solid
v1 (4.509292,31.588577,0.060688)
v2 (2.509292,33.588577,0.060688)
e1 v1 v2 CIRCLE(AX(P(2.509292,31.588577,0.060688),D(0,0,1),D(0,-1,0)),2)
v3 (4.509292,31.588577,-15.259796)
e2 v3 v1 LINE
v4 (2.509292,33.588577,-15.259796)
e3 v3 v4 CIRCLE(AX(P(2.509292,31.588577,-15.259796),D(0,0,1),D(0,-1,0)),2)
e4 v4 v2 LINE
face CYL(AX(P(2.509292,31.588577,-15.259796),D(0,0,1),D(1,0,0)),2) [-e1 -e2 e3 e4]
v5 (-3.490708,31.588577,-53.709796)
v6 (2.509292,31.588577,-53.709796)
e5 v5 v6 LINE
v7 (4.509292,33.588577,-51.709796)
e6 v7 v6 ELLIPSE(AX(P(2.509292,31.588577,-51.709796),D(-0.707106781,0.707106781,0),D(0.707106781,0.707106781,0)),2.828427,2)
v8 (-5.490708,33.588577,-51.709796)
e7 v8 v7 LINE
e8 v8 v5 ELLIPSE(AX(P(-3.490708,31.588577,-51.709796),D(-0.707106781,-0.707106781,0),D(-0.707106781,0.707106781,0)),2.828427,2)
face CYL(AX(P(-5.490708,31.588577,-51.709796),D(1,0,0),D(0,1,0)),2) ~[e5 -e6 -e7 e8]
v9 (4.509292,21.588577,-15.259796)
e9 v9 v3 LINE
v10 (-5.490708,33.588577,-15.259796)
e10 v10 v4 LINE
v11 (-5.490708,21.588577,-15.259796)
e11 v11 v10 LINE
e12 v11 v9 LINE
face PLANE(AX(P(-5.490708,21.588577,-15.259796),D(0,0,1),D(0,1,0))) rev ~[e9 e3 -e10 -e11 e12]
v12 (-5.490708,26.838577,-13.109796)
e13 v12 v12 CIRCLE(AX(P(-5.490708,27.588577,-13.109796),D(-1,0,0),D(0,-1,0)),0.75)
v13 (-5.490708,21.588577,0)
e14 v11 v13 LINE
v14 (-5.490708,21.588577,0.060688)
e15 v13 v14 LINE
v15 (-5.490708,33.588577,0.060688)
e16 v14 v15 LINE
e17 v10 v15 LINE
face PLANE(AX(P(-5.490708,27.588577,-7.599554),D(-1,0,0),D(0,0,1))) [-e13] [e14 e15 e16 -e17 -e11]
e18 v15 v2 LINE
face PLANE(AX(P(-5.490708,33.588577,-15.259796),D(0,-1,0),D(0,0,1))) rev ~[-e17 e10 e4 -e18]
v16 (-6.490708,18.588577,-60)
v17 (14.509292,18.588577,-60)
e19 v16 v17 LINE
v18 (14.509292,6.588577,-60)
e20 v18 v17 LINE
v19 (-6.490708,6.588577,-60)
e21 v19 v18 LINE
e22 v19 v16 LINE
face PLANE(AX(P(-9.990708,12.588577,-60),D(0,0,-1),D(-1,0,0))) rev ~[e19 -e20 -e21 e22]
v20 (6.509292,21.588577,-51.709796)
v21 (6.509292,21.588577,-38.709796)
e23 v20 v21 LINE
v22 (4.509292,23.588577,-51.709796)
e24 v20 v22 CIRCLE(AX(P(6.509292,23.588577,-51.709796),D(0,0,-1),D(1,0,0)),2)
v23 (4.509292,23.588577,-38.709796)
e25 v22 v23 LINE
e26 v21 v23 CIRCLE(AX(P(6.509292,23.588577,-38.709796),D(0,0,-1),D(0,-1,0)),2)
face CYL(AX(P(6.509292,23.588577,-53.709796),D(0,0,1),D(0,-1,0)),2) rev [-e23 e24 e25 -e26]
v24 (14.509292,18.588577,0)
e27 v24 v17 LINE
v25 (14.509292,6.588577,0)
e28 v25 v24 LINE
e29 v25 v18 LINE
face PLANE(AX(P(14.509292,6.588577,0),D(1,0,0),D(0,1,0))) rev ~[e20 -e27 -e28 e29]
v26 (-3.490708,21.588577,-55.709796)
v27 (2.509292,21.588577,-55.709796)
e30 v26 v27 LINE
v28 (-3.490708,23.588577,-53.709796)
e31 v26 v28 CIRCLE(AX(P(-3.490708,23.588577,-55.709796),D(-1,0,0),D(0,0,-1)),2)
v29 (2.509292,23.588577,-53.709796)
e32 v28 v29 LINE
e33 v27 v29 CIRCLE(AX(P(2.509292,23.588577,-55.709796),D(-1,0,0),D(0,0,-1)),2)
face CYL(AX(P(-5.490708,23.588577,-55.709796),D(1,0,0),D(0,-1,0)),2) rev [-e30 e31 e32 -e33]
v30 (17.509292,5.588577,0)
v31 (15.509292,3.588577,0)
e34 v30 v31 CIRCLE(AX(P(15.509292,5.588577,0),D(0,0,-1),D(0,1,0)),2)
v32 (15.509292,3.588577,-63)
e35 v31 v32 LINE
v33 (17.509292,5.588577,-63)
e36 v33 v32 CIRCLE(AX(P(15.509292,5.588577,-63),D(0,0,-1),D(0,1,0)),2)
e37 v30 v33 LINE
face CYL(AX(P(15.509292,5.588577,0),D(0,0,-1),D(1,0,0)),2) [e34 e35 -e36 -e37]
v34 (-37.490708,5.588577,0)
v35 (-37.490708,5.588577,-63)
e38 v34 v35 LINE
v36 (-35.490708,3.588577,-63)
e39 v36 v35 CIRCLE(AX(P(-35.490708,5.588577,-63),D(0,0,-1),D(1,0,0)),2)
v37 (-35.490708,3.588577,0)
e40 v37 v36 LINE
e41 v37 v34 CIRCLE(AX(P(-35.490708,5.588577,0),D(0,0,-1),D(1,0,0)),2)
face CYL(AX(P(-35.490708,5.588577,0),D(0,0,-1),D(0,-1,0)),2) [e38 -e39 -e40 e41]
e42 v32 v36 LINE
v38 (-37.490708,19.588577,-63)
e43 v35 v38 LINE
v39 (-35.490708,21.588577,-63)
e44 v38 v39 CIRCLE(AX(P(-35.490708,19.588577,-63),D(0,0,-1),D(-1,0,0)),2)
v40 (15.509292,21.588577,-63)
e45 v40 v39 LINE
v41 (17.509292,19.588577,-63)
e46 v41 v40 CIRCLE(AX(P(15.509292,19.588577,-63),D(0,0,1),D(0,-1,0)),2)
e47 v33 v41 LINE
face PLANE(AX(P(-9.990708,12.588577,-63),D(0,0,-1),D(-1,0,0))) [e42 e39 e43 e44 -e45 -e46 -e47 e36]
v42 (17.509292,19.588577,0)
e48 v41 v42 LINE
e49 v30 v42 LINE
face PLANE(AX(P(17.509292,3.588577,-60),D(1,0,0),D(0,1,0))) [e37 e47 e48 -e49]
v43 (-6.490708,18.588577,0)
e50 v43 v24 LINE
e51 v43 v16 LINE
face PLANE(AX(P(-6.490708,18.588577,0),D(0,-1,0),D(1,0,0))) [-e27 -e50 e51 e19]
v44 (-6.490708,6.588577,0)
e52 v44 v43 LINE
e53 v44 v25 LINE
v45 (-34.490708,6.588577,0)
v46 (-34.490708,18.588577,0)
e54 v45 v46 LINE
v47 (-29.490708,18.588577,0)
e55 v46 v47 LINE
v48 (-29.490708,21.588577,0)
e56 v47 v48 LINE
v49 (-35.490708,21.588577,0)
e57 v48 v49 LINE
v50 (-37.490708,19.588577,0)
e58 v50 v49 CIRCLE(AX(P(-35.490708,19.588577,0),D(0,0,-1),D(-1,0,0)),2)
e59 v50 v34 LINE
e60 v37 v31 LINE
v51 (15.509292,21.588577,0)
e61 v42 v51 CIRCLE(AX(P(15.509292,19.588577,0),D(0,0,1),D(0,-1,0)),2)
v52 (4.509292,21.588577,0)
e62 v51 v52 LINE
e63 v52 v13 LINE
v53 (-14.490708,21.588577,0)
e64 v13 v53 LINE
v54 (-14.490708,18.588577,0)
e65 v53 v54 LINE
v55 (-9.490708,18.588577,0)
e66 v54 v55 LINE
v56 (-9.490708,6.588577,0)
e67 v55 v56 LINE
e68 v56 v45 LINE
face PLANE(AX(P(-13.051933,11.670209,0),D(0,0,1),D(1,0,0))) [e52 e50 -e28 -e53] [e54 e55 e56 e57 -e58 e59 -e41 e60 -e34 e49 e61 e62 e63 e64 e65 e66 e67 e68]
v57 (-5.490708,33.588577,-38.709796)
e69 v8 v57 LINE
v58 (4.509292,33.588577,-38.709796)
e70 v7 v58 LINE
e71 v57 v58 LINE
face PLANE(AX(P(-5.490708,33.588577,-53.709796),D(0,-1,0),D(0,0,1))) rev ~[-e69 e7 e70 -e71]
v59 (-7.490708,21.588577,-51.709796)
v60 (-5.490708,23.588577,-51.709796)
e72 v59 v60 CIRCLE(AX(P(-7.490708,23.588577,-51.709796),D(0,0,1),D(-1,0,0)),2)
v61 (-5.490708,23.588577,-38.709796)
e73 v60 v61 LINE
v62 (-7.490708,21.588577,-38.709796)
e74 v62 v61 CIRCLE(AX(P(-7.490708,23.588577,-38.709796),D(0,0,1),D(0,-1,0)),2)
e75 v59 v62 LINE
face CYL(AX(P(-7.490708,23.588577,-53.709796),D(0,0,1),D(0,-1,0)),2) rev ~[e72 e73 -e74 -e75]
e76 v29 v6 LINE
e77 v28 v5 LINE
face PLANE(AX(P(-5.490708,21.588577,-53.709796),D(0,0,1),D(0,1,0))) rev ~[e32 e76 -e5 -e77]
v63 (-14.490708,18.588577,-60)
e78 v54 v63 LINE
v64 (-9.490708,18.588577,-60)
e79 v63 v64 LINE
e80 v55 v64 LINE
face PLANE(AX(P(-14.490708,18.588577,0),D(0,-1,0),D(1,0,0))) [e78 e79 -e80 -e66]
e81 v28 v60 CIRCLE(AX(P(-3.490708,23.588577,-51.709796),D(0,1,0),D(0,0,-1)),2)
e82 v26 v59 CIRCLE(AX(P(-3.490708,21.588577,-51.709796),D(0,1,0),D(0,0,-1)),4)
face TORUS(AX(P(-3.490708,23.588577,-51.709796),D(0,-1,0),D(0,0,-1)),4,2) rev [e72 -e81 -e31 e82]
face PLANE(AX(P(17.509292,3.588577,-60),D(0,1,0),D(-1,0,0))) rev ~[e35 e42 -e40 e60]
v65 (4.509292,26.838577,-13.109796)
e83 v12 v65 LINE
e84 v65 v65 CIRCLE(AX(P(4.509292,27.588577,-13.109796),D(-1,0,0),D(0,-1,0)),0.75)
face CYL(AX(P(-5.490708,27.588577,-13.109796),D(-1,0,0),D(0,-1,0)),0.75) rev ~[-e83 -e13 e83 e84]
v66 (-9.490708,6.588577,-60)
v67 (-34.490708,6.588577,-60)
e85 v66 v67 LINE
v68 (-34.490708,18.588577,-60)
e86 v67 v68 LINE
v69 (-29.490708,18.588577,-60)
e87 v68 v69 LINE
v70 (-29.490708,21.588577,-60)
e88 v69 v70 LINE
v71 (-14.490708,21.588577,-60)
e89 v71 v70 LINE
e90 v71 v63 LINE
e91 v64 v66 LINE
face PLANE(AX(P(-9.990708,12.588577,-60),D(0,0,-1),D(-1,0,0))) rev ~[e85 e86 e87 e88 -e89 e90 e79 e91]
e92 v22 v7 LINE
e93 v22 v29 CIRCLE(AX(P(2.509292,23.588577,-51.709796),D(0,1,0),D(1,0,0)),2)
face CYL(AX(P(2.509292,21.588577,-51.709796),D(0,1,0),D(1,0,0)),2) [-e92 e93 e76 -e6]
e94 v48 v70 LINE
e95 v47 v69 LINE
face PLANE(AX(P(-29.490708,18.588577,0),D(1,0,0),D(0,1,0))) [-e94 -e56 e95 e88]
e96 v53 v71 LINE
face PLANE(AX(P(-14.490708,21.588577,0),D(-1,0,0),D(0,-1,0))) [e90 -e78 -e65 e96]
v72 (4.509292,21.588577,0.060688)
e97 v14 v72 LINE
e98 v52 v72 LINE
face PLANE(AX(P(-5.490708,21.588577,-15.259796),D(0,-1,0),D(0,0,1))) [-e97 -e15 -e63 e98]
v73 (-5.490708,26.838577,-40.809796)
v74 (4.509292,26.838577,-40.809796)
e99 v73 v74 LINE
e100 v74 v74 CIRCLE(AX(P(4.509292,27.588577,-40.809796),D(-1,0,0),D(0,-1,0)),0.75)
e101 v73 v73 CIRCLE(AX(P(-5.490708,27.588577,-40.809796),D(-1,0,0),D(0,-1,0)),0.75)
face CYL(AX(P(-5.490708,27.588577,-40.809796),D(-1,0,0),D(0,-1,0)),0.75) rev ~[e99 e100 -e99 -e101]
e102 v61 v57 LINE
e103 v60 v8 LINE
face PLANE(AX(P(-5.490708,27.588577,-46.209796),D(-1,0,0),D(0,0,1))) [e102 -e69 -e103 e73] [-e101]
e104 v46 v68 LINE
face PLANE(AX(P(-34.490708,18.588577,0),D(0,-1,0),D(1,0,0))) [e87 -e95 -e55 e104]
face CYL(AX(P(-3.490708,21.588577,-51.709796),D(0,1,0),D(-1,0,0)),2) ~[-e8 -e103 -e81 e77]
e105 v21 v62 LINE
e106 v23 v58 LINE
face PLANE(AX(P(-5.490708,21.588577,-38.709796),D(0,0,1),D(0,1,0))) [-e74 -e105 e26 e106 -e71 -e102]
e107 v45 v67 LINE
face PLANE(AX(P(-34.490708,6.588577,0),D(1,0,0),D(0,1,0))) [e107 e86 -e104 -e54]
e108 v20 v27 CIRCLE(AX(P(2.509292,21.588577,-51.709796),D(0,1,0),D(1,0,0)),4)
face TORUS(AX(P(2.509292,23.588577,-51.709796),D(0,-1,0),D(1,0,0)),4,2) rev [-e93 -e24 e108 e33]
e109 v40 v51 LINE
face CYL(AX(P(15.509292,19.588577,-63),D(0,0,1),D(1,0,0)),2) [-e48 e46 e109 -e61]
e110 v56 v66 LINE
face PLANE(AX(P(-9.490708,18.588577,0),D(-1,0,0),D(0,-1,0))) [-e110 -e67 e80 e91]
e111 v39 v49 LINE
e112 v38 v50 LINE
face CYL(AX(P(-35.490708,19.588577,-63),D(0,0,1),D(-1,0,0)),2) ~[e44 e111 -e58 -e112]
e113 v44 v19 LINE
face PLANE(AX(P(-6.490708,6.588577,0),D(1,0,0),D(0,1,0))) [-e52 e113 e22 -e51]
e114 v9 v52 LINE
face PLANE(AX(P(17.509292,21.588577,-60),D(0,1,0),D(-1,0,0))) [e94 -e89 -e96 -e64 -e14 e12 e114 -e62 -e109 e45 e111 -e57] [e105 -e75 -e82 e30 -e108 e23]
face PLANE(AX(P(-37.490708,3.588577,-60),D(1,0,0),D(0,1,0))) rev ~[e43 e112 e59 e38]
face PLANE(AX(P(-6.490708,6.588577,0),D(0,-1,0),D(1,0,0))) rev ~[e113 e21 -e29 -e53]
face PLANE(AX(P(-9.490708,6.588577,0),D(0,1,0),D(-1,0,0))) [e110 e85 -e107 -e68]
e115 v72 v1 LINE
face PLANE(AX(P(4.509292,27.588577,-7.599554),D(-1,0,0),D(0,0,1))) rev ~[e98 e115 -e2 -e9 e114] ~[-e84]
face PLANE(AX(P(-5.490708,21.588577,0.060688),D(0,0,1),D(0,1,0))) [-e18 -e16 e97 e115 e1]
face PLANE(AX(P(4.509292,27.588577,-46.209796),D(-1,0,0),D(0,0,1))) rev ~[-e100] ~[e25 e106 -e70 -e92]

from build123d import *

# Parameters (mm, degrees)
SKETCH1_W           = 21
SKETCH1_H           = 12
BOSS_EXTRUDE1_DEPTH = 60
SKETCH2_W           = 15
SKETCH2_H           = 12
SKETCH2_R           = 0.75
SKETCH2_W_2         = 15.320483989
BOSS_EXTRUDE2_DEPTH = 10
SKETCH3_W           = 55
SKETCH3_H           = 18
BOSS_EXTRUDE3_DEPTH = 3
FILLET1_R           = 2


with BuildPart() as part:
    # Sketch1 → Boss-Extrude1 (new body)
    with BuildSketch(Plane.XY):
        Polygon((17.509291985, 21.588576814), (-9.490708015, 21.588576814), (-14.490708015, 21.588576814), (-14.490708015, 18.588576814), (-9.490708015, 18.588576814), (-9.490708015, 6.588576814), (-34.490708015, 6.588576814), (-34.490708015, 18.588576814), (-29.490708015, 18.588576814), (-29.490708015, 21.588576814), (-34.490708015, 21.588576814), (-37.490708015, 21.588576814), (-37.490708015, 3.588576814), (17.509291985, 3.588576814), align=None)
        with Locations((4.009291985, 12.588576814)):
            Rectangle(SKETCH1_W, SKETCH1_H, mode=Mode.SUBTRACT)
    extrude(amount=-BOSS_EXTRUDE1_DEPTH)

    # Sketch2 → Boss-Extrude2 (add)
    # profile 1 of 2: a face of its own
    with BuildSketch(Plane.ZY.offset(5.490708015)):
        with Locations((-46.209795844, 27.588576814)):
            Rectangle(SKETCH2_W, SKETCH2_H)
        with Locations(Location((-40.809795844, 27.588576814, 0), (0, 0, 270))):
            Circle(SKETCH2_R, mode=Mode.SUBTRACT)
    # profile 2 of 2: a face of its own
    with BuildSketch(Plane.ZY.offset(5.490708015)):
        with Locations((-7.59955385, 27.588576814)):
            Rectangle(SKETCH2_W_2, SKETCH2_H)
        with Locations(Location((-13.109795844, 27.588576814, 0), (0, 0, 270))):
            Circle(SKETCH2_R, mode=Mode.SUBTRACT)
    extrude(amount=-BOSS_EXTRUDE2_DEPTH)

    # Sketch3 → Boss-Extrude3 (add)
    with BuildSketch(Plane(origin=(0, 0, -60), x_dir=(-1, 0, 0), z_dir=(0, 0, -1))):
        with Locations((9.990708015, 12.588576814)):
            Rectangle(SKETCH3_W, SKETCH3_H)
    extrude(amount=BOSS_EXTRUDE3_DEPTH)

    # Fillet1
    fillet1_edges = [part.edges().sort_by_distance(p)[0] for p in [
        (17.509291985, 21.588576814, -31.5),
        (17.509291985, 3.588576814, -31.5),
        (-37.490708015, 3.588576814, -31.5),
        (-37.490708015, 21.588576814, -31.5),
        (-5.490708015, 21.588576814, -46.209795844),
        (4.509291985, 33.588576814, -7.59955385),
        (4.509291985, 27.588576814, -53.709795844),
        (-5.490708015, 27.588576814, -53.709795844),
        (-0.490708015, 33.588576814, -53.709795844),
        (4.509291985, 21.588576814, -46.209795844),
        (-0.490708015, 21.588576814, -53.709795844),
    ]]
    fillet(fillet1_edges, radius=FILLET1_R)


solid = part.part
